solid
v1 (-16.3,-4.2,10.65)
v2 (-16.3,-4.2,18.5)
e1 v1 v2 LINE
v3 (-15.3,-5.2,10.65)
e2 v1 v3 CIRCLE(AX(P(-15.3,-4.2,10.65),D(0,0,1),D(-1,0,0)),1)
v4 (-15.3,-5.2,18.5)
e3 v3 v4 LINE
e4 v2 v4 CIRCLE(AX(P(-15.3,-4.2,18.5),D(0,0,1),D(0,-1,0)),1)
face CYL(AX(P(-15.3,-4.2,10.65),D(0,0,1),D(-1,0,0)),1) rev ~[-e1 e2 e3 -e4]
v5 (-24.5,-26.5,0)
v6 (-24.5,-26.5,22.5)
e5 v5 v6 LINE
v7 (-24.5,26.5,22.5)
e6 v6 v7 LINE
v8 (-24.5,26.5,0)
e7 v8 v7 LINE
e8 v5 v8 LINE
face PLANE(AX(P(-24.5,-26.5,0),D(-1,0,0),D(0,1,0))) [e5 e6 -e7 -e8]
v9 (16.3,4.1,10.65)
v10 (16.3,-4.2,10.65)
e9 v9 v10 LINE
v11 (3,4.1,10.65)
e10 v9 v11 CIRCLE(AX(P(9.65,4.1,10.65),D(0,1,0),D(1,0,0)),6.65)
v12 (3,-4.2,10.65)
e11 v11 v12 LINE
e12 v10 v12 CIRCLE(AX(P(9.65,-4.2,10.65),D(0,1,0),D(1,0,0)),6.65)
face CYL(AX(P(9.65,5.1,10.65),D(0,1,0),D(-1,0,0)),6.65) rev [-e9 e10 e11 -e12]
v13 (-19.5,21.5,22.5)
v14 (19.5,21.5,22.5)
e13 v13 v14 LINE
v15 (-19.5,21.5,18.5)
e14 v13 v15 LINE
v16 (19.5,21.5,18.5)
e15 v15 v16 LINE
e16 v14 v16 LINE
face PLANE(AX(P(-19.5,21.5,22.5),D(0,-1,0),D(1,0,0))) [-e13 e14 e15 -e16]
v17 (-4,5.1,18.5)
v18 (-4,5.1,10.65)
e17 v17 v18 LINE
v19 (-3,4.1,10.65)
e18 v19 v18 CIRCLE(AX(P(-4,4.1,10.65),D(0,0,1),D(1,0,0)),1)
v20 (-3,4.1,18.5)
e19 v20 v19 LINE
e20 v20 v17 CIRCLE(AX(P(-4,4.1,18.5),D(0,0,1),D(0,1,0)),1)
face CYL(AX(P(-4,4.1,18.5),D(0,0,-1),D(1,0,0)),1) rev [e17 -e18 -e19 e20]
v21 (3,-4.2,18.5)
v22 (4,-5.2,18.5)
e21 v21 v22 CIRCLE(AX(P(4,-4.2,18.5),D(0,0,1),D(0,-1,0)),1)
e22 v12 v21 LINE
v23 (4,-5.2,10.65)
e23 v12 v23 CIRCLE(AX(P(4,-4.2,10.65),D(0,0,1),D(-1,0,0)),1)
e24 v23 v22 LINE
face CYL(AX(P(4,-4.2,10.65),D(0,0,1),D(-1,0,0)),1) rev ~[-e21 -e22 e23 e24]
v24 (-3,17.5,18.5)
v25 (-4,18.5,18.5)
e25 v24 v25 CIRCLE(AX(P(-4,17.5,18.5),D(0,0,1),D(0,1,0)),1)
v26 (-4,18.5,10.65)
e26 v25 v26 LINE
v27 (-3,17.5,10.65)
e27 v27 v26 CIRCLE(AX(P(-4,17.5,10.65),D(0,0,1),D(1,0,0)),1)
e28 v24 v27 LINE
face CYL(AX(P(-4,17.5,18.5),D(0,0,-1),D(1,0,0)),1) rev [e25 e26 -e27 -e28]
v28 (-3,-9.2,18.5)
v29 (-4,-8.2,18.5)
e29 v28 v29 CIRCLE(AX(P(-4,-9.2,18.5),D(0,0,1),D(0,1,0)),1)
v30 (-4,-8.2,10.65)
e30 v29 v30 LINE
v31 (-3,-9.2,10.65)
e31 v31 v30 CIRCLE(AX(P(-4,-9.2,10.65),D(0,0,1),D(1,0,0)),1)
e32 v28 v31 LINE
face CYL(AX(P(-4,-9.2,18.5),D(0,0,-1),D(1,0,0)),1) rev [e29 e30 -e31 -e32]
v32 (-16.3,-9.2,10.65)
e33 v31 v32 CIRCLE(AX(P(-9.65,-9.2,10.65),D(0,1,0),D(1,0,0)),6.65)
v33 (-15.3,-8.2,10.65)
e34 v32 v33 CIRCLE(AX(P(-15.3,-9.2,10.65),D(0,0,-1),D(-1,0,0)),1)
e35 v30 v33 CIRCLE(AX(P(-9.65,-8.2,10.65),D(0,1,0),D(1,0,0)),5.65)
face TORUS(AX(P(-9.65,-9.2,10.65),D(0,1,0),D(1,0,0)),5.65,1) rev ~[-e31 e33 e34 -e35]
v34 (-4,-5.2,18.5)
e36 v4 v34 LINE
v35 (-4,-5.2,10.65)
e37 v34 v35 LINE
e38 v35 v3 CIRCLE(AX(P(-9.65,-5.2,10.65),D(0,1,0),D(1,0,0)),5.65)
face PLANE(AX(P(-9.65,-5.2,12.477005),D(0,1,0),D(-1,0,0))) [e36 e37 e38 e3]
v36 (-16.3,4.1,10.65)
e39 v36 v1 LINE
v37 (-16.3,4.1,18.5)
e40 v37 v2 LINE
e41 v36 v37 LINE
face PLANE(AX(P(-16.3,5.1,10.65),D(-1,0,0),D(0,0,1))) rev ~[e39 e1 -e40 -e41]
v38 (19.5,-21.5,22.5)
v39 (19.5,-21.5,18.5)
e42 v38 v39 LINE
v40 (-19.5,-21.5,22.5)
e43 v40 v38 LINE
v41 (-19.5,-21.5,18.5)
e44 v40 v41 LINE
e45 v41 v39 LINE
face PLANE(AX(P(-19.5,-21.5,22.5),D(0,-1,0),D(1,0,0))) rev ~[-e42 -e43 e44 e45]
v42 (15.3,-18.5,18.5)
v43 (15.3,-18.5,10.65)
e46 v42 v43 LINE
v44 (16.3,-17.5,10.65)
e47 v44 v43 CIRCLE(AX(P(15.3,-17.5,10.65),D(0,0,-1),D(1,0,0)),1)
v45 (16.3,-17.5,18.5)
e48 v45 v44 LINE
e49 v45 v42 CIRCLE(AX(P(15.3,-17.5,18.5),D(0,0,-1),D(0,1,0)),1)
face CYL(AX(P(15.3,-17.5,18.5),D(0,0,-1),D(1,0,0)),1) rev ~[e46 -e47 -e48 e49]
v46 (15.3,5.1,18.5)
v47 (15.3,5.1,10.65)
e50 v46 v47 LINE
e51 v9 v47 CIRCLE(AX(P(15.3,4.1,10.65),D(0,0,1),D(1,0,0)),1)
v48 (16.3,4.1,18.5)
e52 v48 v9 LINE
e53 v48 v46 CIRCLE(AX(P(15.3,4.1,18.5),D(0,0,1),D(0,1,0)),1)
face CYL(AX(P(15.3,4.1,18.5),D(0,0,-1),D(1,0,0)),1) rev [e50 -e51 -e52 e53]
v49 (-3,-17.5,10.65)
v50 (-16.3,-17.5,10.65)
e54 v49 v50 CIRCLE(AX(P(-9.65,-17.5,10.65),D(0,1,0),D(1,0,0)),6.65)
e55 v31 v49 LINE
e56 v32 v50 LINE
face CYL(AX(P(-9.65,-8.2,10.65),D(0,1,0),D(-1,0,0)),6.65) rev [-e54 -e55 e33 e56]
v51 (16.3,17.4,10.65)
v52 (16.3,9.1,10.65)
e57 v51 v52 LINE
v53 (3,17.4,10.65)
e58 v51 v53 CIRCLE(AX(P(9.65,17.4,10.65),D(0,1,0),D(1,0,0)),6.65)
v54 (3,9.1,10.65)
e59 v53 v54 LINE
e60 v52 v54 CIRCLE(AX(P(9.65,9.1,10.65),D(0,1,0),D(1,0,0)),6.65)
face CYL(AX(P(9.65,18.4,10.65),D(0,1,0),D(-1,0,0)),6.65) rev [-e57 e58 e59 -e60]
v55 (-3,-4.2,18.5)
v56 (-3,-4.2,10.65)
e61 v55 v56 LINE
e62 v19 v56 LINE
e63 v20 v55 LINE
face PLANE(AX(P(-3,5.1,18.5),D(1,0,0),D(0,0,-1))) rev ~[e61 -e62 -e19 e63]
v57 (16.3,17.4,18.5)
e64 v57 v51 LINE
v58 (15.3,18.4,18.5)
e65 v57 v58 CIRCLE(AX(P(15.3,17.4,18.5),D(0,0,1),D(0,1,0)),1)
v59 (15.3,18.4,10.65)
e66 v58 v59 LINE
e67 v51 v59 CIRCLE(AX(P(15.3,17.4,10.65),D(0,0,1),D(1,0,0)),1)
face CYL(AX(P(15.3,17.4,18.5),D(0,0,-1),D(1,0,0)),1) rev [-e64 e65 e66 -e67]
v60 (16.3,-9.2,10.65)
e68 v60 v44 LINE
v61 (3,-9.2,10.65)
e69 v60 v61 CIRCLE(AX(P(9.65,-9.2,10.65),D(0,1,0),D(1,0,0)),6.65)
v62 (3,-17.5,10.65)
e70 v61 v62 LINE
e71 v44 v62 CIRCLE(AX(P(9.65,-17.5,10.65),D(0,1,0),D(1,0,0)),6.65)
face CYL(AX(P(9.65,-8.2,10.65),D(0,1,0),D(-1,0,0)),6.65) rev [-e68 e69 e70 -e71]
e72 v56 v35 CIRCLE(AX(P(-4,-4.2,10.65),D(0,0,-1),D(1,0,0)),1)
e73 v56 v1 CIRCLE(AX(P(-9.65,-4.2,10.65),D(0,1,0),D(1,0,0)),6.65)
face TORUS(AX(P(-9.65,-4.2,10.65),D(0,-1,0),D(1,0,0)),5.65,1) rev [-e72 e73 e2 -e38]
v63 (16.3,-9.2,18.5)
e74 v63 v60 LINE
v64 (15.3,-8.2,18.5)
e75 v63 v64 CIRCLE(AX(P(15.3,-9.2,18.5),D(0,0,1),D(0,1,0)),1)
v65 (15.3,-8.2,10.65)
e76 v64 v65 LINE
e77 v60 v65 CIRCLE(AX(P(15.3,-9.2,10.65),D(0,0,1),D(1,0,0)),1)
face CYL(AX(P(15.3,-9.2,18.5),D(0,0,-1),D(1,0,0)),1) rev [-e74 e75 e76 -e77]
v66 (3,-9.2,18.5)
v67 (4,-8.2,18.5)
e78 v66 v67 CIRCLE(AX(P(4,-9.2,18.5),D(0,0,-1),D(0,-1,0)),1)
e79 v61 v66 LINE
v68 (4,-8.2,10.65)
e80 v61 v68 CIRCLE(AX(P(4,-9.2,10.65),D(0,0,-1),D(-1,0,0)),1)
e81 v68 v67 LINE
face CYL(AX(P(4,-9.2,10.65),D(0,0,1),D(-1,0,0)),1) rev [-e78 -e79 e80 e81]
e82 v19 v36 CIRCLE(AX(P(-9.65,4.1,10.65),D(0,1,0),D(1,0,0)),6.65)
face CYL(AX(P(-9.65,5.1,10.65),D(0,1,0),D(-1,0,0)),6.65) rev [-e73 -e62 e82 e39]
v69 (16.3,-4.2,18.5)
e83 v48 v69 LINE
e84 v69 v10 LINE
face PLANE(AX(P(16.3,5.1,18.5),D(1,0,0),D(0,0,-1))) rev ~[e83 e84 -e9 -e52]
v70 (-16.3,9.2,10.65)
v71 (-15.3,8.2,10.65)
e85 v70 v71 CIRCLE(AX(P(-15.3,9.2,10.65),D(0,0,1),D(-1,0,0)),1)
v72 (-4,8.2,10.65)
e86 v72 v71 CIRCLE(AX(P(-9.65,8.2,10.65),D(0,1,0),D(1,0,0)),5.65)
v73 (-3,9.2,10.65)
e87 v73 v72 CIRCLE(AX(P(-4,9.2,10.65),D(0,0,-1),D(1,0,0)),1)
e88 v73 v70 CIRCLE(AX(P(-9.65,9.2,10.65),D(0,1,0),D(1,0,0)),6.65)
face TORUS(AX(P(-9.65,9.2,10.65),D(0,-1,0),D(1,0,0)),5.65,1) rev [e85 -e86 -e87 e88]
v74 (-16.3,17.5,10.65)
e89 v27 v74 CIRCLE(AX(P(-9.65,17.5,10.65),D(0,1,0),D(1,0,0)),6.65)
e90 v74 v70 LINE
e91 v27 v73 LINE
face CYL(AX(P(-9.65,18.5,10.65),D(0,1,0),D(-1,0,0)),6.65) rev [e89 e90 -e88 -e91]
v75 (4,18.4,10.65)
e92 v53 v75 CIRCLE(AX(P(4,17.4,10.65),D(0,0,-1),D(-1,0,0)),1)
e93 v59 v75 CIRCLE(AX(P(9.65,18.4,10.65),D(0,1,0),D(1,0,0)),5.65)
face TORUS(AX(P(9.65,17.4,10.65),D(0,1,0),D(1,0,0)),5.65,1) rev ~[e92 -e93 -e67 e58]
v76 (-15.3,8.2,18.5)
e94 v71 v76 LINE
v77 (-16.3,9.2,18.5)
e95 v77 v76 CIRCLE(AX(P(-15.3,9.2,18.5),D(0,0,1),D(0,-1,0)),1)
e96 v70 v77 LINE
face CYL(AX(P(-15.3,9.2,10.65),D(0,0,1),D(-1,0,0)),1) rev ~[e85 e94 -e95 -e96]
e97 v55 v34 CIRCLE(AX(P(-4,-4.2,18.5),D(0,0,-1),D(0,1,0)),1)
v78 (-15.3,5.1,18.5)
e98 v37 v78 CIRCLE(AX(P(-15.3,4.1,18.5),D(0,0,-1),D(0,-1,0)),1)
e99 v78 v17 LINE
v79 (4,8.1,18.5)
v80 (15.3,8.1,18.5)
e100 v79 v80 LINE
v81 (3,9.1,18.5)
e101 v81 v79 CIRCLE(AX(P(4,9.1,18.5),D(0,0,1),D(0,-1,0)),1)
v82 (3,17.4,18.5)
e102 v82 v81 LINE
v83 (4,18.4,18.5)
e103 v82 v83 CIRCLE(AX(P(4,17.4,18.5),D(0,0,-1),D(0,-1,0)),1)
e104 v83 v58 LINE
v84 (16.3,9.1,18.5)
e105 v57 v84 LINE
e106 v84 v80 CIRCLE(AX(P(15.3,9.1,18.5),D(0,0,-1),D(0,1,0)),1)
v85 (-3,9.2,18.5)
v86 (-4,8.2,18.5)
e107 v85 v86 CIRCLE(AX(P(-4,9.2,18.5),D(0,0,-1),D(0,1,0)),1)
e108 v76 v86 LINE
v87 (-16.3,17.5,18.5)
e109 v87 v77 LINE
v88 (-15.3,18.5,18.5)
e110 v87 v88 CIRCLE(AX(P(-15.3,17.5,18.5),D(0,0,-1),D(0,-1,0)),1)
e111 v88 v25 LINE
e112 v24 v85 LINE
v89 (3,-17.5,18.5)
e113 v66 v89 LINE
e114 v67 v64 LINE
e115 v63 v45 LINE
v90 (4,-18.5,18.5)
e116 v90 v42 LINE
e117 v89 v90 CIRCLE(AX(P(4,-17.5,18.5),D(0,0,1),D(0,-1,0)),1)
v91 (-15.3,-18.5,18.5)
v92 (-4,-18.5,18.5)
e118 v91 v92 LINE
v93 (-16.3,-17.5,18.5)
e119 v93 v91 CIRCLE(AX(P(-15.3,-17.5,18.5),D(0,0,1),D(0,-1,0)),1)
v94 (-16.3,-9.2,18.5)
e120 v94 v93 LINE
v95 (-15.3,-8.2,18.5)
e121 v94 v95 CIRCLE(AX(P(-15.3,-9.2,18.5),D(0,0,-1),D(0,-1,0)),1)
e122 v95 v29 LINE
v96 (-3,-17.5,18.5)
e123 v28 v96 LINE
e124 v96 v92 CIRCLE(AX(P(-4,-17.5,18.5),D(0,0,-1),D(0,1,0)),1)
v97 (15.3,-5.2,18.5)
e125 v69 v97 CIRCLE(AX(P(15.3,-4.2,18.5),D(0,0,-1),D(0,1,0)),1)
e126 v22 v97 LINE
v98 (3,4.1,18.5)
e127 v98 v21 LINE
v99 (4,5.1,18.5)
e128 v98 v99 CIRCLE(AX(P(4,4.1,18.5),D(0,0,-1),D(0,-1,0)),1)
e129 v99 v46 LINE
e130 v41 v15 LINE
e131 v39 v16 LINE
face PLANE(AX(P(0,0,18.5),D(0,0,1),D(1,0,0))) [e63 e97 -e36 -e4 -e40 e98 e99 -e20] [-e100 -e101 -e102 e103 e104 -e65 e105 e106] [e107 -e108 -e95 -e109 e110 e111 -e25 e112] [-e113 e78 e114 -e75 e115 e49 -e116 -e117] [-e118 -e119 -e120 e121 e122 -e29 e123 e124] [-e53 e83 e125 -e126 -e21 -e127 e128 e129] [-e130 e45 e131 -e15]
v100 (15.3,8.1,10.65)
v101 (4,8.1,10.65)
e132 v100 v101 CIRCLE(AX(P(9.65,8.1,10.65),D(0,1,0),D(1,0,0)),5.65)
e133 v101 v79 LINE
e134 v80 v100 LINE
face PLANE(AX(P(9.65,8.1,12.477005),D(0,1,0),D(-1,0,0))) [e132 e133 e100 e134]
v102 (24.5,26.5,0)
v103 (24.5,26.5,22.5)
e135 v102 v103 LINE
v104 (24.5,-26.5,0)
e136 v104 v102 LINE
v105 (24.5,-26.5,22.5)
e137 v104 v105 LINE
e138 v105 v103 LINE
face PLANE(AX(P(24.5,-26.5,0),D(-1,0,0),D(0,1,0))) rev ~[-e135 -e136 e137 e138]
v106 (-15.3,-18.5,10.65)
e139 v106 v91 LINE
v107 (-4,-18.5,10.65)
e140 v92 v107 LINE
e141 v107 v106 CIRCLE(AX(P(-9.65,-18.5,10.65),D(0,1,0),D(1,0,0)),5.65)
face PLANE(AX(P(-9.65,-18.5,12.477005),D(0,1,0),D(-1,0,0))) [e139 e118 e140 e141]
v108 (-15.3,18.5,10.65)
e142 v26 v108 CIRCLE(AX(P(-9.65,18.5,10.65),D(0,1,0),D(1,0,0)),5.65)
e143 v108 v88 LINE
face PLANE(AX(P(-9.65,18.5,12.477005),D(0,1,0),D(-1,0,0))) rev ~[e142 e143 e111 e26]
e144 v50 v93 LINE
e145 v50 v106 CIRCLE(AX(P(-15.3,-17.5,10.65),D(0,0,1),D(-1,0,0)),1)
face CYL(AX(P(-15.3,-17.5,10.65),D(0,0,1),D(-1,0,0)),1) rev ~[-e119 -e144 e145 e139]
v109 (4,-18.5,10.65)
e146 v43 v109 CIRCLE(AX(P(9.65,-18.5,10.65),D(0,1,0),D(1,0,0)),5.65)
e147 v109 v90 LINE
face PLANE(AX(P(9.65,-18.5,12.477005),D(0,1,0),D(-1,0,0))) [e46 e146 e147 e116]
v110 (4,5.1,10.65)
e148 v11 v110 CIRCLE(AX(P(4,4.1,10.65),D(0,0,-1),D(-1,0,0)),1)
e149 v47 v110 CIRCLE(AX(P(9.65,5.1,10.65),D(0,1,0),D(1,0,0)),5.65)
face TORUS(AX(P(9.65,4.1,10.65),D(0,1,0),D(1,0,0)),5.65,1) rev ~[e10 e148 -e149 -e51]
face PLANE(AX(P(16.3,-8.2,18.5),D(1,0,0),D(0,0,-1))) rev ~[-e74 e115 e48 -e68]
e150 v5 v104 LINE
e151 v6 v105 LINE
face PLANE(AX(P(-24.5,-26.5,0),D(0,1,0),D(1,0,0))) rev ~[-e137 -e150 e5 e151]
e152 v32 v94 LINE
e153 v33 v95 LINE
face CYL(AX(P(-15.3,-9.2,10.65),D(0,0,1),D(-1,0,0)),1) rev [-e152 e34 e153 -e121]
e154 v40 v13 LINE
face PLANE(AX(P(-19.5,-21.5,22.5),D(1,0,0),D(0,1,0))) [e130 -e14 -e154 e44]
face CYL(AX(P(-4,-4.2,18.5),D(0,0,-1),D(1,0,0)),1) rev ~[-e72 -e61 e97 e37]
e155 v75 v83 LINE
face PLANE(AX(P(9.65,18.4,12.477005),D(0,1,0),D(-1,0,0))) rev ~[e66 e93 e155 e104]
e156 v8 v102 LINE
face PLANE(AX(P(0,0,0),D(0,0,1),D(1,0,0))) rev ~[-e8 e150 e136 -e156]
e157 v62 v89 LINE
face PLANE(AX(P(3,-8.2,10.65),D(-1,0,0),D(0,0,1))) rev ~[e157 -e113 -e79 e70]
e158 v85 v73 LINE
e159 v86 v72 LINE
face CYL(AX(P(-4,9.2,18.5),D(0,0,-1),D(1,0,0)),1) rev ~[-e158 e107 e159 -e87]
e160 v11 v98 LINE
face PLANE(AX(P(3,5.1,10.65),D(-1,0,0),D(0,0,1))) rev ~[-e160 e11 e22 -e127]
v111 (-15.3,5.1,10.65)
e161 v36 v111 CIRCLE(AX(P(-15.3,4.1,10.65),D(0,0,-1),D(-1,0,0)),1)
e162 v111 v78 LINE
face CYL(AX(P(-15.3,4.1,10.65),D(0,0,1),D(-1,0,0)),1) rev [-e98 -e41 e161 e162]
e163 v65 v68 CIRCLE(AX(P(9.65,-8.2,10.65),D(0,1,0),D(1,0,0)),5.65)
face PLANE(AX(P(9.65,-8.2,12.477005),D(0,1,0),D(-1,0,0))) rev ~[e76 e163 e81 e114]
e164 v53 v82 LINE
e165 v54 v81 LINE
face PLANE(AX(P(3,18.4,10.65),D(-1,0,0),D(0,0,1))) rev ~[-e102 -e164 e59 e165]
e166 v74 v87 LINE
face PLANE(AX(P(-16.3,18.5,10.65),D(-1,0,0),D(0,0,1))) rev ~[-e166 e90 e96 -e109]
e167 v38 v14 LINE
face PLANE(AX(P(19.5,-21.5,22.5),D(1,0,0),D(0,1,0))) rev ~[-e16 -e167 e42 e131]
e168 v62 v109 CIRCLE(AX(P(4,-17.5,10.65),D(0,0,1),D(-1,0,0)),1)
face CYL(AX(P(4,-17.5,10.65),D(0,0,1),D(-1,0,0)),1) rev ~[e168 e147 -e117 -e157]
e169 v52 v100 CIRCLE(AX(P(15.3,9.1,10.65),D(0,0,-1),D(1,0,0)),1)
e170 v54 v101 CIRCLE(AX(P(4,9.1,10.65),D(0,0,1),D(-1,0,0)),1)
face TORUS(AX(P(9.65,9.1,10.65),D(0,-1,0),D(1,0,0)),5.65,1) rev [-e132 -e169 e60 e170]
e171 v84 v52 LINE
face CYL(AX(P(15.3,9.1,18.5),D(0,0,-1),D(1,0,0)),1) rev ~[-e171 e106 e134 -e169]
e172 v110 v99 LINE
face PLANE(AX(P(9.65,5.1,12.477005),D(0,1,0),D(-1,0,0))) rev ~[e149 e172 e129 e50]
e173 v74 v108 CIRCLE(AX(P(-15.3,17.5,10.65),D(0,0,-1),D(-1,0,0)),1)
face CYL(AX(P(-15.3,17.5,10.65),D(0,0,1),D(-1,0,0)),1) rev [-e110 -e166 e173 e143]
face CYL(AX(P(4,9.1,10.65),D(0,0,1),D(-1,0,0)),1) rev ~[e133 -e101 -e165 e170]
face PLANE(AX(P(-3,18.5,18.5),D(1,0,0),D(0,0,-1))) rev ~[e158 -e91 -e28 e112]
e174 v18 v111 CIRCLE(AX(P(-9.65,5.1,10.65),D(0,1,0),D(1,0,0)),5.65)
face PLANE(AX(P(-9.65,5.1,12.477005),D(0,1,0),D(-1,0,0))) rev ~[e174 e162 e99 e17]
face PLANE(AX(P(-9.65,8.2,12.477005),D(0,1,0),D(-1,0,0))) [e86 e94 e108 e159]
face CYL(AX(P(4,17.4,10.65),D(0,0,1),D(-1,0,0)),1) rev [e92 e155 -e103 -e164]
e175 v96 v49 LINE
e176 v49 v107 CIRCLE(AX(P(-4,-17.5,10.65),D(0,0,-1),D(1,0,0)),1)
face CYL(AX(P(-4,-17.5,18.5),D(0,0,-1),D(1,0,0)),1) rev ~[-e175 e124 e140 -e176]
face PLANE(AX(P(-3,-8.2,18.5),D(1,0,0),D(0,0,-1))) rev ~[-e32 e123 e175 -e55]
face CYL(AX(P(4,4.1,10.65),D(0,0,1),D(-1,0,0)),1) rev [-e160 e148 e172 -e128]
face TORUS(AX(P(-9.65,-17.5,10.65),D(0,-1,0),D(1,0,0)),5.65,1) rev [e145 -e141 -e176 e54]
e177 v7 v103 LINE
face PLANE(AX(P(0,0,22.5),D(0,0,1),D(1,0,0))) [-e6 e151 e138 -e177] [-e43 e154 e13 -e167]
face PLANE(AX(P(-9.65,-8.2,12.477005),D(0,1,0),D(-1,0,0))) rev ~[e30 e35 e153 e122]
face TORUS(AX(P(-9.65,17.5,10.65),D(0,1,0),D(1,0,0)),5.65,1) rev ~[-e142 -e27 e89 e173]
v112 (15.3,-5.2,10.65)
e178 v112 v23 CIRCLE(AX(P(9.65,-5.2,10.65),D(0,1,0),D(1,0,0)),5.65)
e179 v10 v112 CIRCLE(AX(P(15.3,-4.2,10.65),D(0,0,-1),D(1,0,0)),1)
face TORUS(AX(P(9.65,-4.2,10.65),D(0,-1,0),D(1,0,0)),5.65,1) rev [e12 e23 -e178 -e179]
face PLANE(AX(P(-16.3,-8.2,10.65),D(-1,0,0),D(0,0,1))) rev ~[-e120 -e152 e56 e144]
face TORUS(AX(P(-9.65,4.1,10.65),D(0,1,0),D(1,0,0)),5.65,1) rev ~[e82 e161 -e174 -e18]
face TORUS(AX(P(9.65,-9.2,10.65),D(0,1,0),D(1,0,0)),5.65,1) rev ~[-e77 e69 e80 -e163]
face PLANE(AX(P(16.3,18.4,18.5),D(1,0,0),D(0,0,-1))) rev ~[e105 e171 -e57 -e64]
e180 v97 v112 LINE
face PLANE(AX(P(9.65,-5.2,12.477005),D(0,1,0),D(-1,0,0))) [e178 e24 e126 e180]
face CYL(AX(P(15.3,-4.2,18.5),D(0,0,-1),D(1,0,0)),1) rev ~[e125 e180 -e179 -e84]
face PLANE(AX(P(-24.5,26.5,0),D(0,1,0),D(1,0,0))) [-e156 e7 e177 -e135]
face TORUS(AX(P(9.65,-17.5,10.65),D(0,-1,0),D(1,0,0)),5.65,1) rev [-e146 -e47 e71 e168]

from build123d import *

# Parameters (mm, degrees)
PAD001_DEPTH = 10.3
FILLET_R     = 1
SKETCH_W     = 49
SKETCH_H     = 53
PAD_DEPTH    = 22.5
SKETCH001_W  = 39
SKETCH001_H  = 43
POCKET_DEPTH = 4


with BuildPart() as cup001:
    # Sketch002 → Pad001 (new body)
    with BuildSketch(Plane.XZ):
        with BuildLine():
            Line((-6.65, 0), (6.65, 0))
            Line((6.65, 0), (6.65, -7.85))
            ThreePointArc((-6.65, -7.85), (0, -14.5), (6.65, -7.85))
            Line((-6.65, -7.85), (-6.65, 0))
        make_face()
    extrude(amount=PAD001_DEPTH)

    # Fillet
    fillet_edges = [cup001.edges().sort_by_distance(p)[0] for p in [
        (-6.65, -10.3, -3.925),
        (0, -10.3, -14.5),
        (6.65, -10.3, -3.925),
        (-6.65, 0, -3.925),
        (6.65, 0, -3.925),
        (0, 0, -14.5),
    ]]
    fillet(fillet_edges, radius=FILLET_R)


with BuildPart() as cup001_1:
    # Body001 placement: moved
    add(cup001.part.moved(Location((9.65, 16.95, 18.5))))


with BuildPart() as cup001_2:
    # Clone placement: moved
    add(cup001_1.part.moved(Location((0, 1.45, 0))))


with BuildPart() as cup002:
    # Clone001 base: copy of cup001
    add(cup001_2.part)


with BuildPart() as cup002_1:
    # Clone001 placement: moved
    add(cup002.part.moved(Location((0, -13.3, 0))))


with BuildPart() as cup003:
    # Clone002 base: copy of cup002
    add(cup002_1.part)


with BuildPart() as cup003_1:
    # Clone002 placement: moved
    add(cup003.part.moved(Location((0, -13.3, 0))))


with BuildPart() as cup004:
    # Clone003 base: copy of cup003
    add(cup003_1.part)


with BuildPart() as cup004_1:
    # Clone003 placement: moved
    add(cup004.part.moved(Location((-19.3, 26.7, 0))))


with BuildPart() as cup005:
    # Clone004 base: copy of cup004
    add(cup004_1.part)


with BuildPart() as cup005_1:
    # Clone004 placement: moved
    add(cup005.part.moved(Location((0, -13.4, 0))))


with BuildPart() as cup006:
    # Clone005 base: copy of cup005
    add(cup005_1.part)


with BuildPart() as cup006_1:
    # Clone005 placement: moved
    add(cup006.part.moved(Location((0, -13.3, 0))))


with BuildPart() as mold_bottom:
    # Sketch → Pad (new body)
    with BuildSketch(Plane.XY):
        Rectangle(SKETCH_W, SKETCH_H)
    extrude(amount=PAD_DEPTH)

    # Sketch001 (on Face6 of Pad) → Pocket (cut)
    with BuildSketch(Plane.XY.offset(22.5)):
        Rectangle(SKETCH001_W, SKETCH001_H)
    extrude(amount=-POCKET_DEPTH, mode=Mode.SUBTRACT)

    # Cut: cut cup001
    add(cup001_2.part, mode=Mode.SUBTRACT)

    # Cut001: cut cup002
    add(cup002_1.part, mode=Mode.SUBTRACT)

    # Cut002: cut cup003
    add(cup003_1.part, mode=Mode.SUBTRACT)

    # Cut003: cut cup004
    add(cup004_1.part, mode=Mode.SUBTRACT)

    # Cut004: cut cup005
    add(cup005_1.part, mode=Mode.SUBTRACT)

    # Cut005: cut cup006
    add(cup006_1.part, mode=Mode.SUBTRACT)


solid = mold_bottom.part
